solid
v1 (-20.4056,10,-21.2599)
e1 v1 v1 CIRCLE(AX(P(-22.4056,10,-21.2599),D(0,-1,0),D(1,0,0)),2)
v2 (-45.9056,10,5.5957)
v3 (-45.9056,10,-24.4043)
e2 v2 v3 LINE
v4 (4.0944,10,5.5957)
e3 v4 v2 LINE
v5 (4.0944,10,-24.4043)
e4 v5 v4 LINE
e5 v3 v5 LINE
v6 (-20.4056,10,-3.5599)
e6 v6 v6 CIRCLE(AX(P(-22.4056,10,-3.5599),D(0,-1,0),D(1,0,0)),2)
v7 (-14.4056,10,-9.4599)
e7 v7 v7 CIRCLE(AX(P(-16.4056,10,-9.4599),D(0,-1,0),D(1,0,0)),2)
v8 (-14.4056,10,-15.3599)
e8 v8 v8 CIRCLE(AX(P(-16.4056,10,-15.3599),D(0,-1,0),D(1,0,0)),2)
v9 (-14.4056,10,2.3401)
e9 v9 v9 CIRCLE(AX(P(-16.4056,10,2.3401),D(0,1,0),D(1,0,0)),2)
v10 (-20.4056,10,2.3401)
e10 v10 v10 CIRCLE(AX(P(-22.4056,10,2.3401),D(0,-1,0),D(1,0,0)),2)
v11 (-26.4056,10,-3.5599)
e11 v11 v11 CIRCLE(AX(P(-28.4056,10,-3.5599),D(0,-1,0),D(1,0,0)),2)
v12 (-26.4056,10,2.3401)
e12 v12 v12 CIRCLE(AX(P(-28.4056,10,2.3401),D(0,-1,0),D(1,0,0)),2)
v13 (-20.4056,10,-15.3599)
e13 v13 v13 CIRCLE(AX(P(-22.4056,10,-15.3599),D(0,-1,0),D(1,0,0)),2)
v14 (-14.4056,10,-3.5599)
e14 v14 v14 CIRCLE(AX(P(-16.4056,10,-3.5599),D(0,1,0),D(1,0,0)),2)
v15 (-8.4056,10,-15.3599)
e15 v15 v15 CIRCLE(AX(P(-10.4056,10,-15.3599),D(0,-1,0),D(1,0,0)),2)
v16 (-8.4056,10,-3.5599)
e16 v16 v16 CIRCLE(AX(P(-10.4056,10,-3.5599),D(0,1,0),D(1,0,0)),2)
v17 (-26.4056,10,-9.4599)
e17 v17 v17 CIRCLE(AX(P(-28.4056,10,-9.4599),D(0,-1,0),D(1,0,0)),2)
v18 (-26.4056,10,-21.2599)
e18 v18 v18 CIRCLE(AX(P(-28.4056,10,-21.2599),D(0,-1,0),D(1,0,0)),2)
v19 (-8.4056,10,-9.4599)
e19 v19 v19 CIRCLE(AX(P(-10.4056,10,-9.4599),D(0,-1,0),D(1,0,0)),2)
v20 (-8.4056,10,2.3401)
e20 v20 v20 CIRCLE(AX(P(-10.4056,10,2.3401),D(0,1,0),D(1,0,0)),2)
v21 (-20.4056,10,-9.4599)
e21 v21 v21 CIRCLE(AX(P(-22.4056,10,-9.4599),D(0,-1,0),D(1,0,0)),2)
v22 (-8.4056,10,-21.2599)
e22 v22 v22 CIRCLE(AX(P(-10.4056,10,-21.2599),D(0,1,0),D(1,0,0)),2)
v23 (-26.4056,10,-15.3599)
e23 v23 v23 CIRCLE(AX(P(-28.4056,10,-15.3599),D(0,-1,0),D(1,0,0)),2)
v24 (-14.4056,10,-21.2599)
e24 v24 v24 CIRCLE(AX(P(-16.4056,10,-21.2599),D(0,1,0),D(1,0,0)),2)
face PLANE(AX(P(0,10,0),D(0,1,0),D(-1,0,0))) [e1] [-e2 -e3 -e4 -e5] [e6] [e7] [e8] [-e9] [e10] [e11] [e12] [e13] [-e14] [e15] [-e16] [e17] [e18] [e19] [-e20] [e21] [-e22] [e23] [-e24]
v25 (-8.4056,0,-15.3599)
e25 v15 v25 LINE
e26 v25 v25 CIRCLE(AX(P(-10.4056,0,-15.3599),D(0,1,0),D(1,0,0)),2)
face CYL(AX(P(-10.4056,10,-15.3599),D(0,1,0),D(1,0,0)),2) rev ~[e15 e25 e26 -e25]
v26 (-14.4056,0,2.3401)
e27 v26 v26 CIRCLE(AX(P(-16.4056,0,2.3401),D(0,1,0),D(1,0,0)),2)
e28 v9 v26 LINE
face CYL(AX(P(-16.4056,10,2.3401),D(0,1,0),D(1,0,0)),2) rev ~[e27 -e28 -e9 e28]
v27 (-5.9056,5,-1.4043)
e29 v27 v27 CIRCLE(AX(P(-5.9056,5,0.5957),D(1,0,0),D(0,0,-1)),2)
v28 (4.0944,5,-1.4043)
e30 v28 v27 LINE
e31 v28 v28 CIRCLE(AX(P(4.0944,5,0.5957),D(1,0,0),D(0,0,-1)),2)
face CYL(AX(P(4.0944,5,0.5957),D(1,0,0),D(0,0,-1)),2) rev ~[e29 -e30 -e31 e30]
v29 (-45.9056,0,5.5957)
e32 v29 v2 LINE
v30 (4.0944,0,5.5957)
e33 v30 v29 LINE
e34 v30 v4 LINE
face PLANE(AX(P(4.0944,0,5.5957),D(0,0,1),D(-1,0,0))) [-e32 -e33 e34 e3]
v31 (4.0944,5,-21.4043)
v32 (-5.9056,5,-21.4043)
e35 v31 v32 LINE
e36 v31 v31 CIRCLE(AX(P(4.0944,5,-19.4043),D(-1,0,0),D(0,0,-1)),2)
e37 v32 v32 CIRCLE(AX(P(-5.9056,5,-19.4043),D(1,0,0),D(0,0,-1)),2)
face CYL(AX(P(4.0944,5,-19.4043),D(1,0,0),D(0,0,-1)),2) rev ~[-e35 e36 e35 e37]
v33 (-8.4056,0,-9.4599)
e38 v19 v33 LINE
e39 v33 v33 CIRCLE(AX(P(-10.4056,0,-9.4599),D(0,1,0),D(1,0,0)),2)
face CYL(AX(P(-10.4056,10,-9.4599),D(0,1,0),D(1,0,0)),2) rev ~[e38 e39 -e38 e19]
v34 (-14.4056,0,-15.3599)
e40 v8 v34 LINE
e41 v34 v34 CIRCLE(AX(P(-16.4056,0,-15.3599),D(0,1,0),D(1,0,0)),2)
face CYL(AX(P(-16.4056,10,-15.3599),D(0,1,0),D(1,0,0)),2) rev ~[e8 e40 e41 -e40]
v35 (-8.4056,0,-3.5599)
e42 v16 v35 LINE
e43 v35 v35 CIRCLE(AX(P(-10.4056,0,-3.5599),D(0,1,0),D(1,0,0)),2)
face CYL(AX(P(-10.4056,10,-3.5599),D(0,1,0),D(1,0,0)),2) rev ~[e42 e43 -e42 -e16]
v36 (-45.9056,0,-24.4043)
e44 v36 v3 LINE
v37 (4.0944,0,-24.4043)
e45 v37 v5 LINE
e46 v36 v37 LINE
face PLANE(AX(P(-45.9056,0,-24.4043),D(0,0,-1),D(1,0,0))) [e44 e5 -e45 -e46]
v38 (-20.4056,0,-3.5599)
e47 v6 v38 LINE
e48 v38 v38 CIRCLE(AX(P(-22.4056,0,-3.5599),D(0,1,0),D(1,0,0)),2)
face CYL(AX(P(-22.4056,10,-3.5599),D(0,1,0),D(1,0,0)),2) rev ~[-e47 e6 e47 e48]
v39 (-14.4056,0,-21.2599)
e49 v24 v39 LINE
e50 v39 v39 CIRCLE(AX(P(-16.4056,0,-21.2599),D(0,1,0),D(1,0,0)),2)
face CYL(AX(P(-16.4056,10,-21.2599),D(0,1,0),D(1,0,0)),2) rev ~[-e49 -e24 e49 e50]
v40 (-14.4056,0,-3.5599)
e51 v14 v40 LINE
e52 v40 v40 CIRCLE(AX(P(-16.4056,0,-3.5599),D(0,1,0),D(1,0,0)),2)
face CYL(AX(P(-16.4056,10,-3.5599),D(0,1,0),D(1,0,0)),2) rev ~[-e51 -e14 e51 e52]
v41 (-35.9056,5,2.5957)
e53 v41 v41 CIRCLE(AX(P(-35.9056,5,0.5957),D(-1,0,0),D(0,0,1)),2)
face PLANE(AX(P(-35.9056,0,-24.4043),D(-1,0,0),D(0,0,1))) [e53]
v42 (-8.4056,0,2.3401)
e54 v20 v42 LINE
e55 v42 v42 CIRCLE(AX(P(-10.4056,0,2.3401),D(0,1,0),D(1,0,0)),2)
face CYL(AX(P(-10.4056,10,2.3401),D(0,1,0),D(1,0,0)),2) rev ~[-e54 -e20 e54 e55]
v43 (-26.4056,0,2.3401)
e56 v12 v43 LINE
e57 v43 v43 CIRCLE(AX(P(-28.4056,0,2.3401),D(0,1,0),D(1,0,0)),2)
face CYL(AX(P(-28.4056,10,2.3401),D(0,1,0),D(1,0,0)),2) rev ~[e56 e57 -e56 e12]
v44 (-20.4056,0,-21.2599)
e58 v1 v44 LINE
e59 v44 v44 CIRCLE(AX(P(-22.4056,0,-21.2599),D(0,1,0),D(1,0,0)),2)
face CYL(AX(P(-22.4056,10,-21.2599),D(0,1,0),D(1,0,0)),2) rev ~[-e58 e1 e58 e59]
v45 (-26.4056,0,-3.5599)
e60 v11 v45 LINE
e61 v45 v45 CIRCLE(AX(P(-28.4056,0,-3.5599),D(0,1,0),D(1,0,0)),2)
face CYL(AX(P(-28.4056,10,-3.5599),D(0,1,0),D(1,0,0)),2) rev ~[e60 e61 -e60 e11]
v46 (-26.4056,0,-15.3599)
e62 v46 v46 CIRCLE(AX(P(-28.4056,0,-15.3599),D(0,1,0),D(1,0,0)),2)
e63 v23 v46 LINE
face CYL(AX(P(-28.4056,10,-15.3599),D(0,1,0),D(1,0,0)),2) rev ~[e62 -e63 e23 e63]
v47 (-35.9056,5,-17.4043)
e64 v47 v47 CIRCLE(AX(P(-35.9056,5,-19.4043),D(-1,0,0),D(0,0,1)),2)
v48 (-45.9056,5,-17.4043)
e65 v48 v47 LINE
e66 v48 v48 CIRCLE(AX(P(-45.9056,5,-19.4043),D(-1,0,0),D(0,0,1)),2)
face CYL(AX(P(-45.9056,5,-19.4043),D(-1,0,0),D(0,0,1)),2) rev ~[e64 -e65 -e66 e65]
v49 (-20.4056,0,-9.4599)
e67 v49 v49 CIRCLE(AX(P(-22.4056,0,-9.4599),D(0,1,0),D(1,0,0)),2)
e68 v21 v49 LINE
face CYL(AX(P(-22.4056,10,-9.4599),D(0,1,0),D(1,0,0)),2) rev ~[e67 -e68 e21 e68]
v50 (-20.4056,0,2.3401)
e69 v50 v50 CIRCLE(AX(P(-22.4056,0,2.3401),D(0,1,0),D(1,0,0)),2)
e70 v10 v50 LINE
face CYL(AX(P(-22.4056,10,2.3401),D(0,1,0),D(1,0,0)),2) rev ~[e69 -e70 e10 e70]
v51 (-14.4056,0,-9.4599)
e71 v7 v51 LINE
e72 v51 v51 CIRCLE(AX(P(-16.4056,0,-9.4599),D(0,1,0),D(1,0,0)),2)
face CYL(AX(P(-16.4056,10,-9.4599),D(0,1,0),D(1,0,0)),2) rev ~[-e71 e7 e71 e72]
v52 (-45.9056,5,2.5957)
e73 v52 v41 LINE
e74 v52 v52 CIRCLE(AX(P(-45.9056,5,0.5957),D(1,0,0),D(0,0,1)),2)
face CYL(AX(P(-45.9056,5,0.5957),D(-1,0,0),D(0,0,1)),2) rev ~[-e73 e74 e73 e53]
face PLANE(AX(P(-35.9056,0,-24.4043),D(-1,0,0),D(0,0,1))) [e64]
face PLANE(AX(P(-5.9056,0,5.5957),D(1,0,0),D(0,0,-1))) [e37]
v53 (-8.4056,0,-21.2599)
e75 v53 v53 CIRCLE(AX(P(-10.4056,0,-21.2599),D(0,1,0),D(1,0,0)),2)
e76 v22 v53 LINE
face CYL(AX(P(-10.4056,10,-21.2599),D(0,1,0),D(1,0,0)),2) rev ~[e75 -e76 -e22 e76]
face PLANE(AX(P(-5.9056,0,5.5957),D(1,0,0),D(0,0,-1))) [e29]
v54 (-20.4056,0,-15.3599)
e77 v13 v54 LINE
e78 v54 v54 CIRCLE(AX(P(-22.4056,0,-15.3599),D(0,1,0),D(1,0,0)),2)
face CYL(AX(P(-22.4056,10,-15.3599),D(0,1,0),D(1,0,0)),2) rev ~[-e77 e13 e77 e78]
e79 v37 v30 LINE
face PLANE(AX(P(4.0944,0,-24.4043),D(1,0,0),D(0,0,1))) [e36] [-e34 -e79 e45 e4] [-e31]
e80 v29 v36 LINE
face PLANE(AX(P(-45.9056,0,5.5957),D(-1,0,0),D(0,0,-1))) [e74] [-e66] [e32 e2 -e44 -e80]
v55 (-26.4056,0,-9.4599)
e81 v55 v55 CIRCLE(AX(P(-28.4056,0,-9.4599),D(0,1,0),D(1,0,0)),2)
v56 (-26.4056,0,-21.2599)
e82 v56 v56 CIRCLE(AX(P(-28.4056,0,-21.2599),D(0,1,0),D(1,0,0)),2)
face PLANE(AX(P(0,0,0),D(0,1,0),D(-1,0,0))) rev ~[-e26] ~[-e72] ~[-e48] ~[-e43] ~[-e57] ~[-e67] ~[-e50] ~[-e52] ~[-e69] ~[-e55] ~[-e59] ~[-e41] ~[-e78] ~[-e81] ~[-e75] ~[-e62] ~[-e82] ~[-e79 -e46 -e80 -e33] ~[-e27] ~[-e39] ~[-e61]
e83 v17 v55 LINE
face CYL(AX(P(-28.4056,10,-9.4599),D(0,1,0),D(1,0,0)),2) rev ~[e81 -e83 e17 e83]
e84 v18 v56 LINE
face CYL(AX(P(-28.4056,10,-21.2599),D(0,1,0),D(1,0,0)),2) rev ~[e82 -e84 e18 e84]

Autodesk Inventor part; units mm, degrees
ref_plane "YZ Plane" through (0, 0, 0) normal (1, 0, 0) x (0, 1, 0)
ref_plane "XZ Plane" through (0, 0, 0) normal (0, 1, 0) x (-1, 0, 0)
ref_plane "XY Plane" through (0, 0, 0) normal (0, 0, 1) x (1, 0, 0)
sketch "Sketch1" plane through (0, 0, 0) normal (0, 1, 0) x (-1, 0, 0)
  line L0 (-4.0944, 5.5957) -> (45.9056, 5.5957)
  line L1 (45.9056, 5.5957) -> (45.9056, -24.4043)
  line L2 (45.9056, -24.4043) -> (-4.0944, -24.4043)
  line L3 (-4.0944, -24.4043) -> (-4.0944, 5.5957)
  point P0 (0, 0)
  dimension "d0" = 50
  dimension "d1" = 30
extrude "Extrusion1" add sketch "Sketch1" along normal blind 10
sketch "Sketch2" plane through (4.0944, 0, 5.5957) normal (1, 0, 0) x (0, 0, -1)
  line L0 (30, 0) -> (0, 0) projected
  line L1 (15, 0) -> (15, 10)
  line L2 (30, 10) -> (0, 10) projected
  line L3 (15, 5) -> (5, 5)
  line L4 (15, 5) -> (25, 5)
  circle A0 centre (5, 5) radius 2
  circle A1 centre (25, 5) radius 2
  point P0 (5.5957, 0)
  dimension "d4" = 10
  dimension "d5" = 10
  dimension "d6" = 4
  dimension "d7" = 4
extrude "Extrusion2" cut sketch "Sketch2" against normal blind 10
sketch "Sketch3" plane through (-45.9056, 0, -24.4043) normal (-1, 0, 0) x (0, 0, 1)
  line L0 (30, 0) -> (0, 0) projected
  line L1 (15, 0) -> (15, 10)
  line L2 (30, 10) -> (0, 10) projected
  line L3 (15, 5) -> (5, 5)
  line L4 (15, 5) -> (25, 5)
  circle A0 centre (5, 5) radius 2 projected
  circle A1 centre (5, 5) radius 2
  circle A2 centre (25, 5) radius 2 projected
  circle A3 centre (25, 5) radius 2
  point P0 (24.4043, 0)
  dimension "d10" = 10
  dimension "d11" = 10
extrude "Extrusion3" cut sketch "Sketch3" against normal blind 10
sketch "Sketch4" plane through (0, 10, 0) normal (0, 1, 0) x (1, 0, 0)
  line L0 (-45.9056, 24.4043) -> (-45.9056, -5.5957) projected
  line L1 (-45.9056, 9.4043) -> (4.0944, 9.4043)
  line L2 (4.0944, -5.5957) -> (4.0944, 24.4043) projected
  line L3 (-20.9056, 9.4043) -> (-20.9056, -5.5957)
  line L4 (-45.9056, -5.5957) -> (4.0944, -5.5957) projected
  line L5 (-20.9056, 9.4043) -> (-20.9056, 24.4043)
  line L6 (-20.9056, 16.9043) -> (-35.9056, 16.9043)
  line L7 (-45.9056, 17.4043) -> (-35.9056, 17.4043) projected
  line L8 (-20.9056, 16.9043) -> (-5.9056, 16.9043)
  line L9 (-5.9056, 1.4043) -> (-5.9056, -2.5957) projected
  line L10 (-20.9056, 1.4043) -> (-5.9056, 1.4043)
  line L11 (-20.9056, 1.4043) -> (-35.9056, 1.4043)
  line L12 (-28.4056, 16.9043) -> (-28.4056, -5.5957)
  line L13 (-28.4056, 24.4043) -> (-28.4056, -5.5957)
  line L14 (-28.4056, 16.9043) -> (-20.9056, 16.9043)
  line L15 (-20.9056, 9.4043) -> (-28.4056, 9.4043)
  line L16 (-20.9056, 1.4043) -> (-28.4056, 1.4043)
  line L17 (-20.9056, 0) -> (-28.4056, 0)
  circle A0 centre (-28.4056, 21.2599) radius 2
  circle A1 centre (-28.4056, 21.2599) radius 2
  circle A2 centre (-28.4056, 15.3599) radius 2
  circle A3 centre (-28.4056, 9.4599) radius 2
  circle A4 centre (-28.4056, 3.5599) radius 2
  circle A5 centre (-28.4056, -2.3401) radius 2
  circle A6 centre (-22.4056, 21.2599) radius 2
  circle A7 centre (-22.4056, 15.3599) radius 2
  circle A8 centre (-22.4056, 9.4599) radius 2
  circle A9 centre (-22.4056, 3.5599) radius 2
  circle A10 centre (-22.4056, -2.3401) radius 2
  circle A11 centre (-16.4056, 21.2599) radius 2
  circle A12 centre (-16.4056, 15.3599) radius 2
  circle A13 centre (-16.4056, 9.4599) radius 2
  circle A14 centre (-16.4056, 3.5599) radius 2
  circle A15 centre (-16.4056, -2.3401) radius 2
  circle A16 centre (-10.4056, 21.2599) radius 2
  circle A17 centre (-10.4056, 15.3599) radius 2
  circle A18 centre (-10.4056, 9.4599) radius 2
  circle A19 centre (-10.4056, 3.5599) radius 2
  circle A20 centre (-10.4056, -2.3401) radius 2
  point P0 (0, 0)
  dimension "d17" = 4
  dimension "d27" = 5.9
  dimension "d30" = 6
extrude "Extrusion4" cut sketch "Sketch4" against normal blind 10 contours A0 L13 | L13 A0 | A6 L5 | L5 A6 | A17 L8 | L8 A17 | A12 L8 | L8 A12 | A3 L12 L1 | L1 L12 A3 | L12 A3 L1 | L1 A3 L12 | A5 L12 | L12 A5 | A2 L6 L12 | L12 L6 A2 | A4 L12 | L12 A4 | A10 L3 | L3 A10 | A8 L5 L1 | L1 L3 A8 | L13 A2 L6 | L6 A2 L13 | L5 A8 L1 | L1 A8 L3 | A18 L1 | L1 A18 | A7 L6 L5 | L5 A7 | A9 L3 | L3 A9 | A7 L6 | A13 L1 | L1 A13 | A11 | A14 | A15 | A16 | A19 | A20 picked at (-21.946, 15.7701)
thread "Thread1" size "M4x0.7" class "6H" standard "ANSI Metric M Profile" full length
thread "Thread2" size "M4x0.7" class "6H" standard "ANSI Metric M Profile" full length
thread "Thread3" size "M4x0.7" class "6H" standard "ANSI Metric M Profile" full length
thread "Thread4" size "M4x0.7" class "6H" standard "ANSI Metric M Profile" full length
properties part number "cubito pro max"
